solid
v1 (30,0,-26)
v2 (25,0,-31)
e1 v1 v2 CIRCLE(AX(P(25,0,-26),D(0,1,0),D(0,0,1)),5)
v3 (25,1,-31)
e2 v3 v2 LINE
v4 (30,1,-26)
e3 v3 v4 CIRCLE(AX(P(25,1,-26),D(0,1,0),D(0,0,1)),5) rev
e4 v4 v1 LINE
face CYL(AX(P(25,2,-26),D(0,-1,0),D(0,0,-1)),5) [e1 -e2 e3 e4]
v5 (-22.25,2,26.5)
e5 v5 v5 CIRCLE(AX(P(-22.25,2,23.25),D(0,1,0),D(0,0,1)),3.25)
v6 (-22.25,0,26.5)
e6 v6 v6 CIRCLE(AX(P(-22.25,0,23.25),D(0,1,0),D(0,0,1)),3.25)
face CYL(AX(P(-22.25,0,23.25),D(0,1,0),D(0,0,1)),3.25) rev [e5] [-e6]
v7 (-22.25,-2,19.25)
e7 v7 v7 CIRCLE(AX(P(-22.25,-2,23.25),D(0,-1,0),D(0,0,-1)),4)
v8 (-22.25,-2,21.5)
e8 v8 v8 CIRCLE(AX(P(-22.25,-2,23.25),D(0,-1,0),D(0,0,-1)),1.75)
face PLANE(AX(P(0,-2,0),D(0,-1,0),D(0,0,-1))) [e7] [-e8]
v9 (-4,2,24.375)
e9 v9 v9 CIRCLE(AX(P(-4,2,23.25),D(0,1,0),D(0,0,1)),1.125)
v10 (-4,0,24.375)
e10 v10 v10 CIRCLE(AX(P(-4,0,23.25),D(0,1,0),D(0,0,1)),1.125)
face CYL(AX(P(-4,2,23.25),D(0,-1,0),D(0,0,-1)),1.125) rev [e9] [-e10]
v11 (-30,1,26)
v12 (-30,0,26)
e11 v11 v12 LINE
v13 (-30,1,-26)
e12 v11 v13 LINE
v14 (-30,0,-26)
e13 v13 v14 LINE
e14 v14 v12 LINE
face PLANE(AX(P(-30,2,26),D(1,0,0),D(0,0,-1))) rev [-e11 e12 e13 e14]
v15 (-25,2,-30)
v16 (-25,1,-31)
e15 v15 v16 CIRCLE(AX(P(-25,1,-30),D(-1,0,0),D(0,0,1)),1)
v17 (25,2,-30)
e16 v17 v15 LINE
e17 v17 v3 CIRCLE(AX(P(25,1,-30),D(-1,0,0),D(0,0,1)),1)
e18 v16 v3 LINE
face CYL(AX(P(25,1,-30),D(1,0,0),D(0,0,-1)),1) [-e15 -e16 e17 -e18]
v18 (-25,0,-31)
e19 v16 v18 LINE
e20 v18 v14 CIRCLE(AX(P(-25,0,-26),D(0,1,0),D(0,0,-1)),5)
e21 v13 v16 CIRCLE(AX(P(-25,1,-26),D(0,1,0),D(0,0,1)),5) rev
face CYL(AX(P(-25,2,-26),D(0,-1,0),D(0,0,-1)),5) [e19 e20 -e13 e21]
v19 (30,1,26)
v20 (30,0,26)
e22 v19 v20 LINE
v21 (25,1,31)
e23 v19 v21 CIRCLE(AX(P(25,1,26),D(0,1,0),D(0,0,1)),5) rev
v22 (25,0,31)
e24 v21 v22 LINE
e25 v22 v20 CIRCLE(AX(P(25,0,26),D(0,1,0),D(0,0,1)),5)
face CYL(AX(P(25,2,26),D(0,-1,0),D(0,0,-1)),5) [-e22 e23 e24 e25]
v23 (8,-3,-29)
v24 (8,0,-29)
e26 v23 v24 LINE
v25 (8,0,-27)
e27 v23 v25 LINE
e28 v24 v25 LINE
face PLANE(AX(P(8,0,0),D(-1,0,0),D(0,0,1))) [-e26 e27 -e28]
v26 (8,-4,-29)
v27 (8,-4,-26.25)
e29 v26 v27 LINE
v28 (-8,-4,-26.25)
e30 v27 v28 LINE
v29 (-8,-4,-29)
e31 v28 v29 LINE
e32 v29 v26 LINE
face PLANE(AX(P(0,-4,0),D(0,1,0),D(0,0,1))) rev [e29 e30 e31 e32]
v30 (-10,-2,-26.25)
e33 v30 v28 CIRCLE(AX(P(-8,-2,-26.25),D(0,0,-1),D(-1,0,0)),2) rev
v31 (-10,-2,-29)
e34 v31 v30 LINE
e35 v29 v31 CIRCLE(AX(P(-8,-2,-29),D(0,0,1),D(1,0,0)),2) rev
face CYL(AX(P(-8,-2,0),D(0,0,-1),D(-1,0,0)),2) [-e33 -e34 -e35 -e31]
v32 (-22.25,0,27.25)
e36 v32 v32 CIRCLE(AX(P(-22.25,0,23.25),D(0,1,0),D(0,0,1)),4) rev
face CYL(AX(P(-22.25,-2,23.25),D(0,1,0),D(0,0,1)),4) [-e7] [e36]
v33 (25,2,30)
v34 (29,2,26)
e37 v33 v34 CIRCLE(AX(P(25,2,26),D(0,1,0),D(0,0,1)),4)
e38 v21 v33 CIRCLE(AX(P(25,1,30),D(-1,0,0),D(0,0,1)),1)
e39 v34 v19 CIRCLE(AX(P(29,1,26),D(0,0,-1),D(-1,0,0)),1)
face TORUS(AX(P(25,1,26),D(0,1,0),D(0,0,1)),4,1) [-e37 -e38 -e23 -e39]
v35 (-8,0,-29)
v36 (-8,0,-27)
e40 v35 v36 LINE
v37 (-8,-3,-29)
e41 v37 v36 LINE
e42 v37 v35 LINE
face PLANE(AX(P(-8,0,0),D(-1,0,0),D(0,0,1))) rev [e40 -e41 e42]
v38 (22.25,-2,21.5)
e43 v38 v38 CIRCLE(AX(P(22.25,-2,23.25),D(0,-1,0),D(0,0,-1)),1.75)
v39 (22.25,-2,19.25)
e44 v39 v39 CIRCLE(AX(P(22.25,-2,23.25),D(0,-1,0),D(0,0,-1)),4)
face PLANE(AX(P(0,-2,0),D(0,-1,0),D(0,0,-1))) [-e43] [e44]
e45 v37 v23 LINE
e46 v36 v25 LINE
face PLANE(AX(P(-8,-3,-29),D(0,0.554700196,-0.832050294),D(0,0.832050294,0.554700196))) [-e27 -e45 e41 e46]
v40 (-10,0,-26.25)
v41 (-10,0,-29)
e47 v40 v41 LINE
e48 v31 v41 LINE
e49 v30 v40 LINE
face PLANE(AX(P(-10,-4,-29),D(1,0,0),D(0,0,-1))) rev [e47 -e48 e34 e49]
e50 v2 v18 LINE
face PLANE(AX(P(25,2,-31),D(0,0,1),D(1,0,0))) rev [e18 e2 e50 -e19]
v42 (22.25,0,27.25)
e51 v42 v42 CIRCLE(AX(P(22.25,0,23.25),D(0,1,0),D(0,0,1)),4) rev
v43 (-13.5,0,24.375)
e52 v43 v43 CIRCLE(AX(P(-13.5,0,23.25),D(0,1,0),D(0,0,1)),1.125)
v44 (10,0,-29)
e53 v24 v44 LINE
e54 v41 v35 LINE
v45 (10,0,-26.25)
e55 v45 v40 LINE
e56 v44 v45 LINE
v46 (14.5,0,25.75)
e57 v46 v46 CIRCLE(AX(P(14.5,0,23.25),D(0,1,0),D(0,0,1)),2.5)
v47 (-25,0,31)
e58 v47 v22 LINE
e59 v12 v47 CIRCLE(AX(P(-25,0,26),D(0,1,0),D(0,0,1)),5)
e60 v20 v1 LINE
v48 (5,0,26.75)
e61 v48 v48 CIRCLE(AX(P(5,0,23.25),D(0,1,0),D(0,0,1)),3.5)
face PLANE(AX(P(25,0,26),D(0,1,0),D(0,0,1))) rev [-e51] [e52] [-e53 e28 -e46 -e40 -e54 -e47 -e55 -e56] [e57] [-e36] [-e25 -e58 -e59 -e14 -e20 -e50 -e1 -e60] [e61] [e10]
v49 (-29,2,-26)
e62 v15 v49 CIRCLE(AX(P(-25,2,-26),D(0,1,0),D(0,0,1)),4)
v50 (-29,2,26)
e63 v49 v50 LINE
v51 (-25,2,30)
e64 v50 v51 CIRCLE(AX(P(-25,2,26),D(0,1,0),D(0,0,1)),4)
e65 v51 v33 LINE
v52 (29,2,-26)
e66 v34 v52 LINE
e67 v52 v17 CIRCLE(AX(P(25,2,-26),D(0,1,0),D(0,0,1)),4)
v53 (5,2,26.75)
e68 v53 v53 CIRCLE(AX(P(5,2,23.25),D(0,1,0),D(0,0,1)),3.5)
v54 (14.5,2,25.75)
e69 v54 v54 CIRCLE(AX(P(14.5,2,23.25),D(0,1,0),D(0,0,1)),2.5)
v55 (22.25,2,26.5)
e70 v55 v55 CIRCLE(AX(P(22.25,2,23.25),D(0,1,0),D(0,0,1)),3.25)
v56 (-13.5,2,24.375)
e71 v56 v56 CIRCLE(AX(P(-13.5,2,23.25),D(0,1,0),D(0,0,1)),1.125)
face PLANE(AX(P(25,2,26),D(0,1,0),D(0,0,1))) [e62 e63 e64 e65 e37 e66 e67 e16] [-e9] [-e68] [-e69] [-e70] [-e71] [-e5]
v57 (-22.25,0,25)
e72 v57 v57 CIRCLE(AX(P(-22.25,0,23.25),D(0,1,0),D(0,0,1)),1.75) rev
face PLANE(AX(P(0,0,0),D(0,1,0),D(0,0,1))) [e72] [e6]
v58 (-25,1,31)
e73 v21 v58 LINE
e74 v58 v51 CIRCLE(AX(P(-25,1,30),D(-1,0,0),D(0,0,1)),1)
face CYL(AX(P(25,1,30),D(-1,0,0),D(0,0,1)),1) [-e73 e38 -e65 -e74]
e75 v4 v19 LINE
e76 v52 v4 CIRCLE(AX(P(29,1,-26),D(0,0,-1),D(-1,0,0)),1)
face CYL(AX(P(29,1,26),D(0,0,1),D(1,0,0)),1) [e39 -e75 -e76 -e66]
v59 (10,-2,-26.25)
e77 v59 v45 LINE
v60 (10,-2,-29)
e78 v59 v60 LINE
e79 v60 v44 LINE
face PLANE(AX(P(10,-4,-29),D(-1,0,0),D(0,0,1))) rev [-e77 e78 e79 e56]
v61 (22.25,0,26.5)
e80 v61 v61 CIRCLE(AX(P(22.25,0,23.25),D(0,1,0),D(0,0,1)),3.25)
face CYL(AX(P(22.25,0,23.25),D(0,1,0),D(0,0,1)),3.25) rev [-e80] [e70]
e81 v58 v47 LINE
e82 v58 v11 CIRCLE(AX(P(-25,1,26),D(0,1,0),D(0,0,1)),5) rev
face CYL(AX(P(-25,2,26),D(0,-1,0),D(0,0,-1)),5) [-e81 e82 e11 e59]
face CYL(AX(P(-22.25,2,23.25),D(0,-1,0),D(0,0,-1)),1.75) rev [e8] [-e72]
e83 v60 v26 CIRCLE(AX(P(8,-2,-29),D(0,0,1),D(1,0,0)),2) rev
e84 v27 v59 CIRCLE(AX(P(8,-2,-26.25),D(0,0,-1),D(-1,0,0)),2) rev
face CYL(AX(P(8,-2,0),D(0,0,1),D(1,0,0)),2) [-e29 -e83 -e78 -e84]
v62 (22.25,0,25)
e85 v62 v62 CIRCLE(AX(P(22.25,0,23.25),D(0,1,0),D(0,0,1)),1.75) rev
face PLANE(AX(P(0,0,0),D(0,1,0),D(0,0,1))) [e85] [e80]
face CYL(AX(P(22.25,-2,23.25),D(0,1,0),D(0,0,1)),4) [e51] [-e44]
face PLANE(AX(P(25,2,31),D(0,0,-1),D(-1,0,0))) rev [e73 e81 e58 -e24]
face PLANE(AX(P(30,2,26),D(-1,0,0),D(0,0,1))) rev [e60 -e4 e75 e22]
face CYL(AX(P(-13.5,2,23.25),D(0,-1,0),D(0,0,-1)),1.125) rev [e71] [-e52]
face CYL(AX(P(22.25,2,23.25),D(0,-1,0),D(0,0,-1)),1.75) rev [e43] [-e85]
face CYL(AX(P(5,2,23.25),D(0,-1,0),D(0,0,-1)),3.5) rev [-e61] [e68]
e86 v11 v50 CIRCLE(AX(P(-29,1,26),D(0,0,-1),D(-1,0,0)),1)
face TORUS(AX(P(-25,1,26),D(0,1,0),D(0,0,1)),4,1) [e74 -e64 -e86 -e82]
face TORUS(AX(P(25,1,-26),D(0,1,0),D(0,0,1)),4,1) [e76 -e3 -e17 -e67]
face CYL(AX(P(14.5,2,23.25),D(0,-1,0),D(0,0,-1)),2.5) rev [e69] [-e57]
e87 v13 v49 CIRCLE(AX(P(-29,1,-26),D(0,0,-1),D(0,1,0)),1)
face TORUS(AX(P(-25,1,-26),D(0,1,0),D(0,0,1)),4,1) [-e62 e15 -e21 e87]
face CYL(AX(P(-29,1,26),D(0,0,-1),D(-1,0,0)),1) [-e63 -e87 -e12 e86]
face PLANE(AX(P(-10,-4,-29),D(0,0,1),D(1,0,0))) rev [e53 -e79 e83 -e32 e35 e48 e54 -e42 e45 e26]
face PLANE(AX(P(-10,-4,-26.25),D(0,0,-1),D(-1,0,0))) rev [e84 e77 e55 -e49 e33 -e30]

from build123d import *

# Parameters (mm, degrees)
SKETCH1_R           = 1.125
SKETCH1_R_2         = 2.5
SKETCH1_R_3         = 3.5
BOSS_EXTRUDE1_DEPTH = 2
SKETCH2_R           = 4
BOSS_EXTRUDE2_DEPTH = 2
SKETCH3_R           = 1.75
CUT_EXTRUDE1_DEPTH  = 5
SKETCH4_R           = 3.25
SKETCH4_R_2         = 1.75
CUT_EXTRUDE2_DEPTH  = 2
SKETCH6_W           = 20
SKETCH6_H           = 2.75
BOSS_EXTRUDE3_DEPTH = 4
CUT_EXTRUDE3_DEPTH  = 16
FILLET1_R           = 2
FILLET2_R           = 1


with BuildPart() as part:
    # Sketch1 → Boss-Extrude1 (new body)
    with BuildSketch(Plane(origin=(0, 0, 0), x_dir=(1, 0, 0), z_dir=(0, 1, 0))):
        with BuildLine():
            Line((25, -31), (-25, -31))
            ThreePointArc((-25, -31), (-28.535533906, -29.535533906), (-30, -26))
            Line((-30, -26), (-30, 26))
            ThreePointArc((-30, 26), (-28.535533906, 29.535533906), (-25, 31))
            Line((-25, 31), (25, 31))
            ThreePointArc((25, 31), (28.535533906, 29.535533906), (30, 26))
            Line((30, 26), (30, -26))
            ThreePointArc((30, -26), (28.535533906, -29.535533906), (25, -31))
        make_face()
        with Locations((-13.5, -23.25)):
            Circle(SKETCH1_R, mode=Mode.SUBTRACT)
        with Locations((-4, -23.25)):
            Circle(SKETCH1_R, mode=Mode.SUBTRACT)
        with Locations((14.5, -23.25)):
            Circle(SKETCH1_R_2, mode=Mode.SUBTRACT)
        with Locations((5, -23.25)):
            Circle(SKETCH1_R_3, mode=Mode.SUBTRACT)
    extrude(amount=BOSS_EXTRUDE1_DEPTH)

    # Sketch2 → Boss-Extrude2 (add)
    with BuildSketch(Plane.XZ):
        with Locations((-22.25, 23.25)):
            Circle(SKETCH2_R)
        with Locations((22.25, 23.25)):
            Circle(SKETCH2_R)
    extrude(amount=BOSS_EXTRUDE2_DEPTH)

    # Sketch3 → Cut-Extrude1 (cut, through all)
    with BuildSketch(Plane.XZ.offset(2)):
        with Locations((-22.25, 23.25)):
            Circle(SKETCH3_R)
        with Locations((22.25, 23.25)):
            Circle(SKETCH3_R)
    extrude(amount=-CUT_EXTRUDE1_DEPTH, mode=Mode.SUBTRACT)

    # Sketch4 → Cut-Extrude2 (cut)
    with BuildSketch(Plane(origin=(0, 2, 0), x_dir=(1, 0, 0), z_dir=(0, 1, 0))):
        with Locations((-22.25, -23.25)):
            Circle(SKETCH4_R)
        with Locations((-22.25, -23.25)):
            Circle(SKETCH4_R_2, mode=Mode.SUBTRACT)
        with Locations((22.25, -23.25)):
            Circle(SKETCH4_R)
        with Locations((22.25, -23.25)):
            Circle(SKETCH4_R_2, mode=Mode.SUBTRACT)
    extrude(amount=-CUT_EXTRUDE2_DEPTH, mode=Mode.SUBTRACT)

    # Sketch6 → Boss-Extrude3 (add)
    with BuildSketch(Plane.XZ):
        with Locations((0, -27.625)):
            Rectangle(SKETCH6_W, SKETCH6_H)
    extrude(amount=BOSS_EXTRUDE3_DEPTH)

    # Sketch7 → Cut-Extrude3 (cut)
    with BuildSketch(Plane(origin=(8, 0, 0), x_dir=(0, 0, -1), z_dir=(1, 0, 0))):
        Polygon((29, -3), (27, 0), (29, 0), align=None)
    extrude(amount=-CUT_EXTRUDE3_DEPTH, mode=Mode.SUBTRACT)

    # Fillet1
    fillet1_edges = [part.edges().sort_by_distance(p)[0] for p in [
        (10, -4, -27.625),
        (-10, -4, -27.625),
    ]]
    fillet(fillet1_edges, radius=FILLET1_R)

    # Fillet2
    fillet2_edges = [part.edges().sort_by_distance(p)[0] for p in [
        (28.535533906, 2, -29.535533906),
        (0, 2, -31),
        (-28.535533906, 2, -29.535533906),
        (-30, 2, 0),
        (-28.535533906, 2, 29.535533906),
        (0, 2, 31),
        (28.535533906, 2, 29.535533906),
        (30, 2, 0),
    ]]
    fillet(fillet2_edges, radius=FILLET2_R)


solid = part.part
